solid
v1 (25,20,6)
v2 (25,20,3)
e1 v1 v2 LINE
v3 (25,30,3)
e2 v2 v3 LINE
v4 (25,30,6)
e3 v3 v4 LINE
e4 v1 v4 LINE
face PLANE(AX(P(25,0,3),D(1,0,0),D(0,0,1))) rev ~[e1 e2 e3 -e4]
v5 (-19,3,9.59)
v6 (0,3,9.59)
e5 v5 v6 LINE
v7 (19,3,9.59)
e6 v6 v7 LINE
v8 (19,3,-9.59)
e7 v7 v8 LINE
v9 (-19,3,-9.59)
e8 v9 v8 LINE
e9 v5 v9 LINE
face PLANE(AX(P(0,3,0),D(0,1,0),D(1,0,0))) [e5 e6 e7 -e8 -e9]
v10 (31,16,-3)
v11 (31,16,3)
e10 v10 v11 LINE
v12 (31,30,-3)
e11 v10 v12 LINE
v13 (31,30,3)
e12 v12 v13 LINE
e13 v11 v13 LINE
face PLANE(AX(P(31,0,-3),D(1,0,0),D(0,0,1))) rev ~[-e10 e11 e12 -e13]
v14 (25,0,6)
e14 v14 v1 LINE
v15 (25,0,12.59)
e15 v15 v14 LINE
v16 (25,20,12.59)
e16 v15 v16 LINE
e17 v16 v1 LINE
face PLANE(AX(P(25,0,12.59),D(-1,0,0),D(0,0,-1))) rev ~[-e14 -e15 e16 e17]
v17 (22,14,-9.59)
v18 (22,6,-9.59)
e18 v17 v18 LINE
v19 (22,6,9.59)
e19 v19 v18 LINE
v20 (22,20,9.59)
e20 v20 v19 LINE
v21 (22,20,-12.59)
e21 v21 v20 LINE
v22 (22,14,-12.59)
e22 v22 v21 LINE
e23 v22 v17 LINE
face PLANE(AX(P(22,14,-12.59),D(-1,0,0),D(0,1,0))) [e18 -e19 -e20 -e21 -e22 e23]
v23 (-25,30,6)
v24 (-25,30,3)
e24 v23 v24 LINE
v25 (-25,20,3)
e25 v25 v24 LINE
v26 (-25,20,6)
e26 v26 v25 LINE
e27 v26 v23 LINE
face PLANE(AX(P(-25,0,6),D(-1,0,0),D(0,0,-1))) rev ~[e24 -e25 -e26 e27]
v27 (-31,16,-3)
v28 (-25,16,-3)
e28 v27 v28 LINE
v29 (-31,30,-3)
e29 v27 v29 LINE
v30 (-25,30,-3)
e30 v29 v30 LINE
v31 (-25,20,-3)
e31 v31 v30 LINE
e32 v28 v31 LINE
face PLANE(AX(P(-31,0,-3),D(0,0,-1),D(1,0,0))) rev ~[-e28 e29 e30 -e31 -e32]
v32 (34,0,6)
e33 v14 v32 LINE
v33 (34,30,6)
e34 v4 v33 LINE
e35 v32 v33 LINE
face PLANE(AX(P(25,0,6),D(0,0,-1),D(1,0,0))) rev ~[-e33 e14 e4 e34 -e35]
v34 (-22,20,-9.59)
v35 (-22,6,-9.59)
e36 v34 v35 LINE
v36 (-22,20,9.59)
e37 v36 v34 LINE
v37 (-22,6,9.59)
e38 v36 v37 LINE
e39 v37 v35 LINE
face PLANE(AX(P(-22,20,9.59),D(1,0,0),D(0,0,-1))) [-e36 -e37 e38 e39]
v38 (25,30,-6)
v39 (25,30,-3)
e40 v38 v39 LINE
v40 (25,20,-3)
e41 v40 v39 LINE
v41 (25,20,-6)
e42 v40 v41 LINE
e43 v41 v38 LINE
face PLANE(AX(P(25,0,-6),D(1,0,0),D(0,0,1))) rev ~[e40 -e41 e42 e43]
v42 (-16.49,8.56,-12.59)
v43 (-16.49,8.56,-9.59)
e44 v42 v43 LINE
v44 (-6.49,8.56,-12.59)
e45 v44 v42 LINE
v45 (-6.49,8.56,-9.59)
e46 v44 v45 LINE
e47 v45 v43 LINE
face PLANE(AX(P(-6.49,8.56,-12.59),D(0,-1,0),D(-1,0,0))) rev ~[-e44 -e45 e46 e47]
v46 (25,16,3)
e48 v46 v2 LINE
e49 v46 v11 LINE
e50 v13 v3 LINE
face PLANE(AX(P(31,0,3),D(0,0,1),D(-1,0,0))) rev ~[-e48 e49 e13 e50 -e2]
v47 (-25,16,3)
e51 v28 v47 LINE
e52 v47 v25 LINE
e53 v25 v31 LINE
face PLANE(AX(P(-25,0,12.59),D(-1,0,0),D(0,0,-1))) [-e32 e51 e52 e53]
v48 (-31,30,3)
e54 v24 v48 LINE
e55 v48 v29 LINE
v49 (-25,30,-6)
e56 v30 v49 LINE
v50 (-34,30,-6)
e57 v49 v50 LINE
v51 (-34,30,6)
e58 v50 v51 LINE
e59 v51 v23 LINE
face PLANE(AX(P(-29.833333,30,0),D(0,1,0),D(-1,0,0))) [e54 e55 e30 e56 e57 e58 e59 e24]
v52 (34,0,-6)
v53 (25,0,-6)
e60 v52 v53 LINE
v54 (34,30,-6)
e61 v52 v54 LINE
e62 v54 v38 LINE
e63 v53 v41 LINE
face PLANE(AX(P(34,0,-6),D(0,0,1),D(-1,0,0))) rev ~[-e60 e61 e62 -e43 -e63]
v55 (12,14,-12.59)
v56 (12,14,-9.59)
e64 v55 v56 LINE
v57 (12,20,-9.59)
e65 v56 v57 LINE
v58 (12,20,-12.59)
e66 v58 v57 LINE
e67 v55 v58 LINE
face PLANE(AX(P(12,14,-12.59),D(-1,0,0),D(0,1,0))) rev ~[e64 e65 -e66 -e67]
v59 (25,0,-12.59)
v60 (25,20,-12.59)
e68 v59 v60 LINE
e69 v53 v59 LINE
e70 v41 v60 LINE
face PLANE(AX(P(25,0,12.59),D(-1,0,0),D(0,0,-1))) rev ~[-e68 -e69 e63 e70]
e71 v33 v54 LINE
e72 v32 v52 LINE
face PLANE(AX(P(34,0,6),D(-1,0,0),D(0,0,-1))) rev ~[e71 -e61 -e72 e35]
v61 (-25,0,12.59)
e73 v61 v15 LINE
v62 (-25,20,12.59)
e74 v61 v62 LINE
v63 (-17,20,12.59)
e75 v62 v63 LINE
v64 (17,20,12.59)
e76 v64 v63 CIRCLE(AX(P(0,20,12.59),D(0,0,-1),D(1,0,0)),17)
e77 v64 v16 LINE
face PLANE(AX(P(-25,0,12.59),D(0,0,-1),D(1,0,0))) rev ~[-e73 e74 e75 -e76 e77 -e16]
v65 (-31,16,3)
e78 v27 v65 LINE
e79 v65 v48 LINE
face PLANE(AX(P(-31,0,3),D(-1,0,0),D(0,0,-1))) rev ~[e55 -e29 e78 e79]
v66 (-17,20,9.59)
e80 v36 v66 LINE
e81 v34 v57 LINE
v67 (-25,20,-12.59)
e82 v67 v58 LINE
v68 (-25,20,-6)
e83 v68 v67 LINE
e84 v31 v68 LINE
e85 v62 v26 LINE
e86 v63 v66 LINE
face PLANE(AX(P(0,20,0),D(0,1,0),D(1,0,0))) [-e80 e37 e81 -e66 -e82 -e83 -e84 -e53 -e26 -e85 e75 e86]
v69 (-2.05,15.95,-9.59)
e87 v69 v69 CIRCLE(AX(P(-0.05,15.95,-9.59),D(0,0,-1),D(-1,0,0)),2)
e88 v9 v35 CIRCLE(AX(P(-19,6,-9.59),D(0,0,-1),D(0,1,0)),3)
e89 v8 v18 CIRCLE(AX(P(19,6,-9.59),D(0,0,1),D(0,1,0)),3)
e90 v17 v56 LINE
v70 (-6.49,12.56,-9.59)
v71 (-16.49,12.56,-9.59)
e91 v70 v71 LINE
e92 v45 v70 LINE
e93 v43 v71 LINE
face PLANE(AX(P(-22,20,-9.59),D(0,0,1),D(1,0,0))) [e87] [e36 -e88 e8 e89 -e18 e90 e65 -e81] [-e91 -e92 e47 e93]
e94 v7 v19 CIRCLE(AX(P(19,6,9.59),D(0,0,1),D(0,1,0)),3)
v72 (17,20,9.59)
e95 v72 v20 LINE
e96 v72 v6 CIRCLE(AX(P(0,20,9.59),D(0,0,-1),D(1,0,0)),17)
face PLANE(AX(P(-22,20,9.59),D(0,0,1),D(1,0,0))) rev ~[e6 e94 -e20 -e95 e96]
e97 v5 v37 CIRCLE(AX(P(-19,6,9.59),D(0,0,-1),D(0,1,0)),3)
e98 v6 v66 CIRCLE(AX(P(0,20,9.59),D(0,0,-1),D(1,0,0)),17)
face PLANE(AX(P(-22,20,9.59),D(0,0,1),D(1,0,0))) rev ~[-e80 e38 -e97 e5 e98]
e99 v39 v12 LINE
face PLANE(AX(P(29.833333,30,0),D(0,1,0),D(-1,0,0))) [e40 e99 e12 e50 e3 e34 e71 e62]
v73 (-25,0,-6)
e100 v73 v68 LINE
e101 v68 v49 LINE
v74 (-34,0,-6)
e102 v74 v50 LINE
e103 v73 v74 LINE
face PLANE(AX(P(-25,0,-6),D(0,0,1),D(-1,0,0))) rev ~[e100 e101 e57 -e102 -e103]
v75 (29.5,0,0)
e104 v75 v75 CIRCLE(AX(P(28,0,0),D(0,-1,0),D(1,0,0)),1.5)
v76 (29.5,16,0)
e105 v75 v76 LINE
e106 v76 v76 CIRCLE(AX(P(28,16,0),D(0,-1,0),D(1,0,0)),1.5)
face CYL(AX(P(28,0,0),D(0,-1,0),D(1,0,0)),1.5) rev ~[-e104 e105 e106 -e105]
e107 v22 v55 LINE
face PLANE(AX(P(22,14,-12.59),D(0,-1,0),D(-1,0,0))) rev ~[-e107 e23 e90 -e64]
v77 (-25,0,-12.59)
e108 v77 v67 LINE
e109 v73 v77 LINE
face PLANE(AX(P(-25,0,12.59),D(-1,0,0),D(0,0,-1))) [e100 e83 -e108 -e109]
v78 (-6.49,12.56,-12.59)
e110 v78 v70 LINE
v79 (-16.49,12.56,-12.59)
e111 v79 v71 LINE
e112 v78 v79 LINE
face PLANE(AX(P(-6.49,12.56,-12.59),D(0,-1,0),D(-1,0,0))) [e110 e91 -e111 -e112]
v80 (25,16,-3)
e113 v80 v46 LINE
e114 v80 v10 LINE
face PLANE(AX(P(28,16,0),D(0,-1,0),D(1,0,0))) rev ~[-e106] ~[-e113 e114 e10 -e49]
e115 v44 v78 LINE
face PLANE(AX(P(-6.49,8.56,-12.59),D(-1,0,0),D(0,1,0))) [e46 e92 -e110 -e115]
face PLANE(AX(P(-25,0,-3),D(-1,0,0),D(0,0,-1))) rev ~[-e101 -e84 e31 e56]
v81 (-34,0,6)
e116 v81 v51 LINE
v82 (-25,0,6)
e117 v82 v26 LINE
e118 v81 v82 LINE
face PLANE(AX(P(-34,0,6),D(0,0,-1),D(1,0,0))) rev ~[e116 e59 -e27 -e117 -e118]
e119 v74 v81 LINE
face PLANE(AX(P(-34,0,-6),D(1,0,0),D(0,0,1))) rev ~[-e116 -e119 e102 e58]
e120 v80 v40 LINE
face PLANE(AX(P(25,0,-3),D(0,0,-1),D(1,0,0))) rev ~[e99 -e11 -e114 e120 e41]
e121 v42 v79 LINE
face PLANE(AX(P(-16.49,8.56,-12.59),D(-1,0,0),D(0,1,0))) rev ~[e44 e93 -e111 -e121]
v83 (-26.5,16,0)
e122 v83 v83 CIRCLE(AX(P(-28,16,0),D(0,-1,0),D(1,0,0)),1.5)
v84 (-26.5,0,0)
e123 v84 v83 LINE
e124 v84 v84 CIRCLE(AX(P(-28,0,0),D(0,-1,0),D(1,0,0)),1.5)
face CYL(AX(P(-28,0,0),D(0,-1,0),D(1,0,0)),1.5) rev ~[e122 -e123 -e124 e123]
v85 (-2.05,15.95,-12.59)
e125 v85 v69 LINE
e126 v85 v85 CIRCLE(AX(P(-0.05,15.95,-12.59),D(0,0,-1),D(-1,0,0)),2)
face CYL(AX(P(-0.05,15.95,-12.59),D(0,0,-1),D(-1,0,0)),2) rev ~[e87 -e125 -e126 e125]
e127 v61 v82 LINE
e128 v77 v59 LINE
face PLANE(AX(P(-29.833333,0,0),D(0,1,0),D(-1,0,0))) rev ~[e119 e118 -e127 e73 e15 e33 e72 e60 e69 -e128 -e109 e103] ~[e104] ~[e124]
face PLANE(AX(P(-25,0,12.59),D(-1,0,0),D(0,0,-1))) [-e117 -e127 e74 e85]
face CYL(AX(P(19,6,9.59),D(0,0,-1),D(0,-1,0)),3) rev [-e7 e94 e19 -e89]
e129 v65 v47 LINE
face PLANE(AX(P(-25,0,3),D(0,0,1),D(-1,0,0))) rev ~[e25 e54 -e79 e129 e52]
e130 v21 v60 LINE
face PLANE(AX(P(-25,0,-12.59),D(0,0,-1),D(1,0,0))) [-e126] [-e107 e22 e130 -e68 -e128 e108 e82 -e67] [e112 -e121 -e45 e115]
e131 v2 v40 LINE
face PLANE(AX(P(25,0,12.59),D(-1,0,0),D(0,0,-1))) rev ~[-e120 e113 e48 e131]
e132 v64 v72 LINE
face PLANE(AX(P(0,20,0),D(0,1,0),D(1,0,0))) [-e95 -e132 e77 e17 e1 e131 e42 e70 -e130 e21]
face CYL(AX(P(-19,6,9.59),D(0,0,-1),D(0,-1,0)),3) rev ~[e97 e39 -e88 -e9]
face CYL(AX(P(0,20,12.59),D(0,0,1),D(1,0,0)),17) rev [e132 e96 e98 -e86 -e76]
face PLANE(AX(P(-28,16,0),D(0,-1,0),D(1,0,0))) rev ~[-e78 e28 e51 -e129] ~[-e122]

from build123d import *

# Parameters (mm, degrees)
SKETCH1_W           = 50
SKETCH1_H           = 25.18
BOSS_EXTRUDE1_DEPTH = 20
SKETCH2_W           = 44
SKETCH2_H           = 19.18
CUT_EXTRUDE1_DEPTH  = 17
CUT_EXTRUDE2_DEPTH  = 3
SKETCH5_R           = 2
SKETCH5_W           = 0.418499832
SKETCH5_H           = 1.291345909
SKETCH5_W_2         = 10
SKETCH5_H_2         = 6
SKETCH5_H_3         = 4
CUT_EXTRUDE3_DEPTH  = 3
FILLET1_R           = 3
SKETCH7_W           = 6
SKETCH7_H           = 6
SKETCH7_R           = 1.5
BOSS_EXTRUDE2_DEPTH = 16
BOSS_EXTRUDE3_DEPTH = 30


with BuildPart() as part:
    # Sketch1 → Boss-Extrude1 (new body)
    with BuildSketch(Plane(origin=(0, 0, 0), x_dir=(1, 0, 0), z_dir=(0, 1, 0))):
        Rectangle(SKETCH1_W, SKETCH1_H)
    extrude(amount=BOSS_EXTRUDE1_DEPTH)

    # Sketch2 → Cut-Extrude1 (cut)
    with BuildSketch(Plane(origin=(0, 20, 0), x_dir=(1, 0, 0), z_dir=(0, 1, 0))):
        Rectangle(SKETCH2_W, SKETCH2_H)
    extrude(amount=-CUT_EXTRUDE1_DEPTH, mode=Mode.SUBTRACT)

    # Sketch4 → Cut-Extrude2 (cut)
    with BuildSketch(Plane.XY.offset(12.59)):
        with BuildLine():
            Line((-17, 20), (17, 20))
            ThreePointArc((17, 20), (0, 3), (-17, 20))
        make_face()
    extrude(amount=-CUT_EXTRUDE2_DEPTH, mode=Mode.SUBTRACT)

    # Sketch5 → Cut-Extrude3 (cut)
    with BuildSketch(Plane(origin=(0, 0, -12.59), x_dir=(-1, 0, 0), z_dir=(0, 0, -1))):
        with Locations((0.05, 15.95)):
            Circle(SKETCH5_R)
        with Locations((-49.48479677, 33.064984315)):
            Rectangle(SKETCH5_W, SKETCH5_H)
        with Locations((-17, 17)):
            Rectangle(SKETCH5_W_2, SKETCH5_H_2)
        with Locations((11.49, 10.56)):
            Rectangle(SKETCH5_W_2, SKETCH5_H_3)
    extrude(amount=-CUT_EXTRUDE3_DEPTH, mode=Mode.SUBTRACT)

    # Fillet1
    fillet1_edges = [part.edges().sort_by_distance(p)[0] for p in [
        (22, 3, 0),
        (-22, 3, 0),
    ]]
    fillet(fillet1_edges, radius=FILLET1_R)

    # Sketch7 → Boss-Extrude2 (add)
    with BuildSketch(Plane.XZ):
        with Locations((-28, 0)):
            Rectangle(SKETCH7_W, SKETCH7_H)
        with Locations((-28, 0)):
            Circle(SKETCH7_R, mode=Mode.SUBTRACT)
        with Locations((28, 0)):
            Rectangle(SKETCH7_W, SKETCH7_H)
        with Locations((28, 0)):
            Circle(SKETCH7_R, mode=Mode.SUBTRACT)
    extrude(amount=-BOSS_EXTRUDE2_DEPTH)

    # Sketch8 → Boss-Extrude3 (add)
    with BuildSketch(Plane.XZ):
        Polygon((-25, -6), (-34, -6), (-34, 6), (-25, 6), (-25, 3), (-31, 3), (-31, -3), (-25, -3), align=None)
        Polygon((25, 3), (25, 6), (34, 6), (34, -6), (25, -6), (25, -3), (31, -3), (31, 3), align=None)
    extrude(amount=-BOSS_EXTRUDE3_DEPTH)


solid = part.part
